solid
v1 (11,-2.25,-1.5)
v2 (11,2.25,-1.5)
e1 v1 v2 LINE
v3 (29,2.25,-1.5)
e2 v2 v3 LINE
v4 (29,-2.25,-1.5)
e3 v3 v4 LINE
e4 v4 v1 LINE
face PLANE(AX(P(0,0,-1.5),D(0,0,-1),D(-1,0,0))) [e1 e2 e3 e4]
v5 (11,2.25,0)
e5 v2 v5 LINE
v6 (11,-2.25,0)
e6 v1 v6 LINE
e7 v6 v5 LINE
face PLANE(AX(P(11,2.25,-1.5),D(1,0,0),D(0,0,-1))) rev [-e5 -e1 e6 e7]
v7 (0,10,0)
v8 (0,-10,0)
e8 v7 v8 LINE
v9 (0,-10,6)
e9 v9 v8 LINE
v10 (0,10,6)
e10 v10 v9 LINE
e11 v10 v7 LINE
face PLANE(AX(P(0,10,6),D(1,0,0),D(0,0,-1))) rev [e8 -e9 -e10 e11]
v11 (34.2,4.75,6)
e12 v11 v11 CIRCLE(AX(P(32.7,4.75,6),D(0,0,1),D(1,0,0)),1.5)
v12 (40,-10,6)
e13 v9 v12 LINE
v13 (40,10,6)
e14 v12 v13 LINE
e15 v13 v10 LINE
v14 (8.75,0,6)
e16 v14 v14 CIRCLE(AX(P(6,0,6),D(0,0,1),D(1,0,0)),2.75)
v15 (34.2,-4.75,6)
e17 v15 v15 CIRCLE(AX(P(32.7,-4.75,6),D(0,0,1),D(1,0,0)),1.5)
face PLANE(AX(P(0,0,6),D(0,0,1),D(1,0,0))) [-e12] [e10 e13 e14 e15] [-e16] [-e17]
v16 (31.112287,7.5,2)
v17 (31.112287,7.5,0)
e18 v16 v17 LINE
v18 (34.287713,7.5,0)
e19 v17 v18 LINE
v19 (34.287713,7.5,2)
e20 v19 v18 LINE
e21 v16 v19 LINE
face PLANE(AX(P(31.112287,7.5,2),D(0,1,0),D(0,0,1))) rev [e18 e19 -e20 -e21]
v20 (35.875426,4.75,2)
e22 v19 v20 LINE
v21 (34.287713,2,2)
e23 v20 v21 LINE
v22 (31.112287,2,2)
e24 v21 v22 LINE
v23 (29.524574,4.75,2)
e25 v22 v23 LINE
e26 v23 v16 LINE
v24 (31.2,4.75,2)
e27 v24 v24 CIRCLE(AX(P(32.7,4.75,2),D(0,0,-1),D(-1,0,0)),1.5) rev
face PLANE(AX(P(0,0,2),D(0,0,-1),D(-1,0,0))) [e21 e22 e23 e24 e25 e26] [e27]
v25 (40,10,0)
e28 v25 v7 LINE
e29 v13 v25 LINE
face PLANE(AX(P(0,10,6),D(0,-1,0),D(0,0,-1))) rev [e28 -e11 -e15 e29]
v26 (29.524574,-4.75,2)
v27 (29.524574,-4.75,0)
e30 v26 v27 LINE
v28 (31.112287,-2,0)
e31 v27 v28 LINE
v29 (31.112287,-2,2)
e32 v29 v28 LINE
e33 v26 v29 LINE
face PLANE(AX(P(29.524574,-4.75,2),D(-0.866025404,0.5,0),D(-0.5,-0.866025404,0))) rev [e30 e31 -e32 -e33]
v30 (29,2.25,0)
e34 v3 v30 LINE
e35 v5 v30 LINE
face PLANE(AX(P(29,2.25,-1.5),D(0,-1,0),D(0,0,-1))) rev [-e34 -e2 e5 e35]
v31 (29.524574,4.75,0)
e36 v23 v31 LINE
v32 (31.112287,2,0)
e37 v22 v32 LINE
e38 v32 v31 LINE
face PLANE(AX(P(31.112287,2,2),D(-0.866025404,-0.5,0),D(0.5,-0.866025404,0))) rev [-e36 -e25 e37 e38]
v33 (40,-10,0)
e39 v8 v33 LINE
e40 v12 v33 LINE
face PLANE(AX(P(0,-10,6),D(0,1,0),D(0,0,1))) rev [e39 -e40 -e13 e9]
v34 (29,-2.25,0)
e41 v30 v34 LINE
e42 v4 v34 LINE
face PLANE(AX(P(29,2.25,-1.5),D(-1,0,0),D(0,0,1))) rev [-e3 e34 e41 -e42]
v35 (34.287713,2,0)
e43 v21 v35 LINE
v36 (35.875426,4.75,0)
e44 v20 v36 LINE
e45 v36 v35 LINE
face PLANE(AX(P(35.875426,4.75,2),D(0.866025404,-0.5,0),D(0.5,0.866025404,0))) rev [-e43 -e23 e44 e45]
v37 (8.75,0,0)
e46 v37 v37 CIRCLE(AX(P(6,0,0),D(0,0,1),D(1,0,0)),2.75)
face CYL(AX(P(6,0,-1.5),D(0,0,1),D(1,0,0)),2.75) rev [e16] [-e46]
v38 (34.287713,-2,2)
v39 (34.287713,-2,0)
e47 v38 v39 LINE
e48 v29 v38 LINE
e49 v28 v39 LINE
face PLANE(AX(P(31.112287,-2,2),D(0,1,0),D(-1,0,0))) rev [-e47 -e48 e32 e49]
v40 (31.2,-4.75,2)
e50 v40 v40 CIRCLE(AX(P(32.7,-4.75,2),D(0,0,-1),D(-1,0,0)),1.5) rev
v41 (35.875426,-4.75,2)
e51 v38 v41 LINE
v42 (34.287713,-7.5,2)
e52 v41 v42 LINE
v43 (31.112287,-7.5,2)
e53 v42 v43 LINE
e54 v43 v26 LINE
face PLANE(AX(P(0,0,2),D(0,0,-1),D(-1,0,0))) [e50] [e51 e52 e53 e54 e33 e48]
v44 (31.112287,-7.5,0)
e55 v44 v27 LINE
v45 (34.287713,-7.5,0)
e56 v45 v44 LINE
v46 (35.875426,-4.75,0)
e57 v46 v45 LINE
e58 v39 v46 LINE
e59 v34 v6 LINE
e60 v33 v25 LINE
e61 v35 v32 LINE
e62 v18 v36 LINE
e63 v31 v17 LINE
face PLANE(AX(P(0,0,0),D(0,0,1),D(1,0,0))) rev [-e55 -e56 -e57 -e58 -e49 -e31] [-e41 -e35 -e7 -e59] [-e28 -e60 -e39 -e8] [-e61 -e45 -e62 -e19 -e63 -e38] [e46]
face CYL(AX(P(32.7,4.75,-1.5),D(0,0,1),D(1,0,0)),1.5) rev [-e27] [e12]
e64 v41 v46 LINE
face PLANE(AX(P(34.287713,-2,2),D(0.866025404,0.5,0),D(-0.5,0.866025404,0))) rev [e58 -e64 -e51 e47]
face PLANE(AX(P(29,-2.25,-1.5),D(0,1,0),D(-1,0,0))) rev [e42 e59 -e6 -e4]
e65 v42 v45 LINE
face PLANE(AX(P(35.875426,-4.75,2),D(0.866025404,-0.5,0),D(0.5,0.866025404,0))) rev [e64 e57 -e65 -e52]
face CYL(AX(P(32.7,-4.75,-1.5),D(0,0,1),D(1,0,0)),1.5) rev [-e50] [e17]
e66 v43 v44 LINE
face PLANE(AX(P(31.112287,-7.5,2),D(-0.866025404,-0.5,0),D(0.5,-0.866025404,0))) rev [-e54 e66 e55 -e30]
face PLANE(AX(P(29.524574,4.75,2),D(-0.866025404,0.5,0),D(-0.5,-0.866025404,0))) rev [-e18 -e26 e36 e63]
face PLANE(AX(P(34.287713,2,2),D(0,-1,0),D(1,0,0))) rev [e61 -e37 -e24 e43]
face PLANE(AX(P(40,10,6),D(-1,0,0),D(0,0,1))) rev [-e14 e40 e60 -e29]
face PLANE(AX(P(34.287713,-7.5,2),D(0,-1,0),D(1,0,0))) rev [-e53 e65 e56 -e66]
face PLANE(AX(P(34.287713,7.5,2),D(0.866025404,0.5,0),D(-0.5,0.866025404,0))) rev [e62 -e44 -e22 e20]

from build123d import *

# Parameters (mm, degrees)
CROQUIS1_W              = 40
CROQUIS1_H              = 20
SALIENTE_EXTRUIR1_DEPTH = 6
CROQUIS2_W              = 18
CROQUIS2_H              = 4.5
SALIENTE_EXTRUIR2_DEPTH = 1.5
CROQUIS3_R              = 2.75
CORTAR_EXTRUIR1_DEPTH   = 8.5
CROQUIS4_R              = 1.5
CORTAR_EXTRUIR2_DEPTH   = 8.5
CORTAR_EXTRUIR3_DEPTH   = 2


with BuildPart() as part:
    # Croquis1 → Saliente-Extruir1 (new body)
    with BuildSketch(Plane.XY):
        with Locations((20, 0)):
            Rectangle(CROQUIS1_W, CROQUIS1_H)
    extrude(amount=SALIENTE_EXTRUIR1_DEPTH)

    # Croquis2 → Saliente-Extruir2 (add)
    with BuildSketch(Plane(origin=(0, 0, 0), x_dir=(-1, 0, 0), z_dir=(0, 0, -1))):
        with Locations((-20, 0)):
            Rectangle(CROQUIS2_W, CROQUIS2_H)
    extrude(amount=SALIENTE_EXTRUIR2_DEPTH)

    # Croquis3 → Cortar-Extruir1 (cut, through all)
    with BuildSketch(Plane.XY.offset(6)):
        with Locations((6, 0)):
            Circle(CROQUIS3_R)
    extrude(amount=-CORTAR_EXTRUIR1_DEPTH, mode=Mode.SUBTRACT)

    # Croquis4 → Cortar-Extruir2 (cut, through all)
    with BuildSketch(Plane.XY.offset(6)):
        with Locations((32.7, 4.75)):
            Circle(CROQUIS4_R)
        with Locations((32.7, -4.75)):
            Circle(CROQUIS4_R)
    extrude(amount=-CORTAR_EXTRUIR2_DEPTH, mode=Mode.SUBTRACT)

    # Croquis5 → Cortar-Extruir3 (cut)
    with BuildSketch(Plane(origin=(0, 0, 0), x_dir=(-1, 0, 0), z_dir=(0, 0, -1))):
        Polygon((-29.524573519, 4.75), (-31.11228676, 7.5), (-34.28771324, 7.5), (-35.875426481, 4.75), (-34.28771324, 2), (-31.11228676, 2), align=None)
        Polygon((-29.524573519, -4.75), (-31.11228676, -2), (-34.28771324, -2), (-35.875426481, -4.75), (-34.28771324, -7.5), (-31.11228676, -7.5), align=None)
    extrude(amount=-CORTAR_EXTRUIR3_DEPTH, mode=Mode.SUBTRACT)


solid = part.part
